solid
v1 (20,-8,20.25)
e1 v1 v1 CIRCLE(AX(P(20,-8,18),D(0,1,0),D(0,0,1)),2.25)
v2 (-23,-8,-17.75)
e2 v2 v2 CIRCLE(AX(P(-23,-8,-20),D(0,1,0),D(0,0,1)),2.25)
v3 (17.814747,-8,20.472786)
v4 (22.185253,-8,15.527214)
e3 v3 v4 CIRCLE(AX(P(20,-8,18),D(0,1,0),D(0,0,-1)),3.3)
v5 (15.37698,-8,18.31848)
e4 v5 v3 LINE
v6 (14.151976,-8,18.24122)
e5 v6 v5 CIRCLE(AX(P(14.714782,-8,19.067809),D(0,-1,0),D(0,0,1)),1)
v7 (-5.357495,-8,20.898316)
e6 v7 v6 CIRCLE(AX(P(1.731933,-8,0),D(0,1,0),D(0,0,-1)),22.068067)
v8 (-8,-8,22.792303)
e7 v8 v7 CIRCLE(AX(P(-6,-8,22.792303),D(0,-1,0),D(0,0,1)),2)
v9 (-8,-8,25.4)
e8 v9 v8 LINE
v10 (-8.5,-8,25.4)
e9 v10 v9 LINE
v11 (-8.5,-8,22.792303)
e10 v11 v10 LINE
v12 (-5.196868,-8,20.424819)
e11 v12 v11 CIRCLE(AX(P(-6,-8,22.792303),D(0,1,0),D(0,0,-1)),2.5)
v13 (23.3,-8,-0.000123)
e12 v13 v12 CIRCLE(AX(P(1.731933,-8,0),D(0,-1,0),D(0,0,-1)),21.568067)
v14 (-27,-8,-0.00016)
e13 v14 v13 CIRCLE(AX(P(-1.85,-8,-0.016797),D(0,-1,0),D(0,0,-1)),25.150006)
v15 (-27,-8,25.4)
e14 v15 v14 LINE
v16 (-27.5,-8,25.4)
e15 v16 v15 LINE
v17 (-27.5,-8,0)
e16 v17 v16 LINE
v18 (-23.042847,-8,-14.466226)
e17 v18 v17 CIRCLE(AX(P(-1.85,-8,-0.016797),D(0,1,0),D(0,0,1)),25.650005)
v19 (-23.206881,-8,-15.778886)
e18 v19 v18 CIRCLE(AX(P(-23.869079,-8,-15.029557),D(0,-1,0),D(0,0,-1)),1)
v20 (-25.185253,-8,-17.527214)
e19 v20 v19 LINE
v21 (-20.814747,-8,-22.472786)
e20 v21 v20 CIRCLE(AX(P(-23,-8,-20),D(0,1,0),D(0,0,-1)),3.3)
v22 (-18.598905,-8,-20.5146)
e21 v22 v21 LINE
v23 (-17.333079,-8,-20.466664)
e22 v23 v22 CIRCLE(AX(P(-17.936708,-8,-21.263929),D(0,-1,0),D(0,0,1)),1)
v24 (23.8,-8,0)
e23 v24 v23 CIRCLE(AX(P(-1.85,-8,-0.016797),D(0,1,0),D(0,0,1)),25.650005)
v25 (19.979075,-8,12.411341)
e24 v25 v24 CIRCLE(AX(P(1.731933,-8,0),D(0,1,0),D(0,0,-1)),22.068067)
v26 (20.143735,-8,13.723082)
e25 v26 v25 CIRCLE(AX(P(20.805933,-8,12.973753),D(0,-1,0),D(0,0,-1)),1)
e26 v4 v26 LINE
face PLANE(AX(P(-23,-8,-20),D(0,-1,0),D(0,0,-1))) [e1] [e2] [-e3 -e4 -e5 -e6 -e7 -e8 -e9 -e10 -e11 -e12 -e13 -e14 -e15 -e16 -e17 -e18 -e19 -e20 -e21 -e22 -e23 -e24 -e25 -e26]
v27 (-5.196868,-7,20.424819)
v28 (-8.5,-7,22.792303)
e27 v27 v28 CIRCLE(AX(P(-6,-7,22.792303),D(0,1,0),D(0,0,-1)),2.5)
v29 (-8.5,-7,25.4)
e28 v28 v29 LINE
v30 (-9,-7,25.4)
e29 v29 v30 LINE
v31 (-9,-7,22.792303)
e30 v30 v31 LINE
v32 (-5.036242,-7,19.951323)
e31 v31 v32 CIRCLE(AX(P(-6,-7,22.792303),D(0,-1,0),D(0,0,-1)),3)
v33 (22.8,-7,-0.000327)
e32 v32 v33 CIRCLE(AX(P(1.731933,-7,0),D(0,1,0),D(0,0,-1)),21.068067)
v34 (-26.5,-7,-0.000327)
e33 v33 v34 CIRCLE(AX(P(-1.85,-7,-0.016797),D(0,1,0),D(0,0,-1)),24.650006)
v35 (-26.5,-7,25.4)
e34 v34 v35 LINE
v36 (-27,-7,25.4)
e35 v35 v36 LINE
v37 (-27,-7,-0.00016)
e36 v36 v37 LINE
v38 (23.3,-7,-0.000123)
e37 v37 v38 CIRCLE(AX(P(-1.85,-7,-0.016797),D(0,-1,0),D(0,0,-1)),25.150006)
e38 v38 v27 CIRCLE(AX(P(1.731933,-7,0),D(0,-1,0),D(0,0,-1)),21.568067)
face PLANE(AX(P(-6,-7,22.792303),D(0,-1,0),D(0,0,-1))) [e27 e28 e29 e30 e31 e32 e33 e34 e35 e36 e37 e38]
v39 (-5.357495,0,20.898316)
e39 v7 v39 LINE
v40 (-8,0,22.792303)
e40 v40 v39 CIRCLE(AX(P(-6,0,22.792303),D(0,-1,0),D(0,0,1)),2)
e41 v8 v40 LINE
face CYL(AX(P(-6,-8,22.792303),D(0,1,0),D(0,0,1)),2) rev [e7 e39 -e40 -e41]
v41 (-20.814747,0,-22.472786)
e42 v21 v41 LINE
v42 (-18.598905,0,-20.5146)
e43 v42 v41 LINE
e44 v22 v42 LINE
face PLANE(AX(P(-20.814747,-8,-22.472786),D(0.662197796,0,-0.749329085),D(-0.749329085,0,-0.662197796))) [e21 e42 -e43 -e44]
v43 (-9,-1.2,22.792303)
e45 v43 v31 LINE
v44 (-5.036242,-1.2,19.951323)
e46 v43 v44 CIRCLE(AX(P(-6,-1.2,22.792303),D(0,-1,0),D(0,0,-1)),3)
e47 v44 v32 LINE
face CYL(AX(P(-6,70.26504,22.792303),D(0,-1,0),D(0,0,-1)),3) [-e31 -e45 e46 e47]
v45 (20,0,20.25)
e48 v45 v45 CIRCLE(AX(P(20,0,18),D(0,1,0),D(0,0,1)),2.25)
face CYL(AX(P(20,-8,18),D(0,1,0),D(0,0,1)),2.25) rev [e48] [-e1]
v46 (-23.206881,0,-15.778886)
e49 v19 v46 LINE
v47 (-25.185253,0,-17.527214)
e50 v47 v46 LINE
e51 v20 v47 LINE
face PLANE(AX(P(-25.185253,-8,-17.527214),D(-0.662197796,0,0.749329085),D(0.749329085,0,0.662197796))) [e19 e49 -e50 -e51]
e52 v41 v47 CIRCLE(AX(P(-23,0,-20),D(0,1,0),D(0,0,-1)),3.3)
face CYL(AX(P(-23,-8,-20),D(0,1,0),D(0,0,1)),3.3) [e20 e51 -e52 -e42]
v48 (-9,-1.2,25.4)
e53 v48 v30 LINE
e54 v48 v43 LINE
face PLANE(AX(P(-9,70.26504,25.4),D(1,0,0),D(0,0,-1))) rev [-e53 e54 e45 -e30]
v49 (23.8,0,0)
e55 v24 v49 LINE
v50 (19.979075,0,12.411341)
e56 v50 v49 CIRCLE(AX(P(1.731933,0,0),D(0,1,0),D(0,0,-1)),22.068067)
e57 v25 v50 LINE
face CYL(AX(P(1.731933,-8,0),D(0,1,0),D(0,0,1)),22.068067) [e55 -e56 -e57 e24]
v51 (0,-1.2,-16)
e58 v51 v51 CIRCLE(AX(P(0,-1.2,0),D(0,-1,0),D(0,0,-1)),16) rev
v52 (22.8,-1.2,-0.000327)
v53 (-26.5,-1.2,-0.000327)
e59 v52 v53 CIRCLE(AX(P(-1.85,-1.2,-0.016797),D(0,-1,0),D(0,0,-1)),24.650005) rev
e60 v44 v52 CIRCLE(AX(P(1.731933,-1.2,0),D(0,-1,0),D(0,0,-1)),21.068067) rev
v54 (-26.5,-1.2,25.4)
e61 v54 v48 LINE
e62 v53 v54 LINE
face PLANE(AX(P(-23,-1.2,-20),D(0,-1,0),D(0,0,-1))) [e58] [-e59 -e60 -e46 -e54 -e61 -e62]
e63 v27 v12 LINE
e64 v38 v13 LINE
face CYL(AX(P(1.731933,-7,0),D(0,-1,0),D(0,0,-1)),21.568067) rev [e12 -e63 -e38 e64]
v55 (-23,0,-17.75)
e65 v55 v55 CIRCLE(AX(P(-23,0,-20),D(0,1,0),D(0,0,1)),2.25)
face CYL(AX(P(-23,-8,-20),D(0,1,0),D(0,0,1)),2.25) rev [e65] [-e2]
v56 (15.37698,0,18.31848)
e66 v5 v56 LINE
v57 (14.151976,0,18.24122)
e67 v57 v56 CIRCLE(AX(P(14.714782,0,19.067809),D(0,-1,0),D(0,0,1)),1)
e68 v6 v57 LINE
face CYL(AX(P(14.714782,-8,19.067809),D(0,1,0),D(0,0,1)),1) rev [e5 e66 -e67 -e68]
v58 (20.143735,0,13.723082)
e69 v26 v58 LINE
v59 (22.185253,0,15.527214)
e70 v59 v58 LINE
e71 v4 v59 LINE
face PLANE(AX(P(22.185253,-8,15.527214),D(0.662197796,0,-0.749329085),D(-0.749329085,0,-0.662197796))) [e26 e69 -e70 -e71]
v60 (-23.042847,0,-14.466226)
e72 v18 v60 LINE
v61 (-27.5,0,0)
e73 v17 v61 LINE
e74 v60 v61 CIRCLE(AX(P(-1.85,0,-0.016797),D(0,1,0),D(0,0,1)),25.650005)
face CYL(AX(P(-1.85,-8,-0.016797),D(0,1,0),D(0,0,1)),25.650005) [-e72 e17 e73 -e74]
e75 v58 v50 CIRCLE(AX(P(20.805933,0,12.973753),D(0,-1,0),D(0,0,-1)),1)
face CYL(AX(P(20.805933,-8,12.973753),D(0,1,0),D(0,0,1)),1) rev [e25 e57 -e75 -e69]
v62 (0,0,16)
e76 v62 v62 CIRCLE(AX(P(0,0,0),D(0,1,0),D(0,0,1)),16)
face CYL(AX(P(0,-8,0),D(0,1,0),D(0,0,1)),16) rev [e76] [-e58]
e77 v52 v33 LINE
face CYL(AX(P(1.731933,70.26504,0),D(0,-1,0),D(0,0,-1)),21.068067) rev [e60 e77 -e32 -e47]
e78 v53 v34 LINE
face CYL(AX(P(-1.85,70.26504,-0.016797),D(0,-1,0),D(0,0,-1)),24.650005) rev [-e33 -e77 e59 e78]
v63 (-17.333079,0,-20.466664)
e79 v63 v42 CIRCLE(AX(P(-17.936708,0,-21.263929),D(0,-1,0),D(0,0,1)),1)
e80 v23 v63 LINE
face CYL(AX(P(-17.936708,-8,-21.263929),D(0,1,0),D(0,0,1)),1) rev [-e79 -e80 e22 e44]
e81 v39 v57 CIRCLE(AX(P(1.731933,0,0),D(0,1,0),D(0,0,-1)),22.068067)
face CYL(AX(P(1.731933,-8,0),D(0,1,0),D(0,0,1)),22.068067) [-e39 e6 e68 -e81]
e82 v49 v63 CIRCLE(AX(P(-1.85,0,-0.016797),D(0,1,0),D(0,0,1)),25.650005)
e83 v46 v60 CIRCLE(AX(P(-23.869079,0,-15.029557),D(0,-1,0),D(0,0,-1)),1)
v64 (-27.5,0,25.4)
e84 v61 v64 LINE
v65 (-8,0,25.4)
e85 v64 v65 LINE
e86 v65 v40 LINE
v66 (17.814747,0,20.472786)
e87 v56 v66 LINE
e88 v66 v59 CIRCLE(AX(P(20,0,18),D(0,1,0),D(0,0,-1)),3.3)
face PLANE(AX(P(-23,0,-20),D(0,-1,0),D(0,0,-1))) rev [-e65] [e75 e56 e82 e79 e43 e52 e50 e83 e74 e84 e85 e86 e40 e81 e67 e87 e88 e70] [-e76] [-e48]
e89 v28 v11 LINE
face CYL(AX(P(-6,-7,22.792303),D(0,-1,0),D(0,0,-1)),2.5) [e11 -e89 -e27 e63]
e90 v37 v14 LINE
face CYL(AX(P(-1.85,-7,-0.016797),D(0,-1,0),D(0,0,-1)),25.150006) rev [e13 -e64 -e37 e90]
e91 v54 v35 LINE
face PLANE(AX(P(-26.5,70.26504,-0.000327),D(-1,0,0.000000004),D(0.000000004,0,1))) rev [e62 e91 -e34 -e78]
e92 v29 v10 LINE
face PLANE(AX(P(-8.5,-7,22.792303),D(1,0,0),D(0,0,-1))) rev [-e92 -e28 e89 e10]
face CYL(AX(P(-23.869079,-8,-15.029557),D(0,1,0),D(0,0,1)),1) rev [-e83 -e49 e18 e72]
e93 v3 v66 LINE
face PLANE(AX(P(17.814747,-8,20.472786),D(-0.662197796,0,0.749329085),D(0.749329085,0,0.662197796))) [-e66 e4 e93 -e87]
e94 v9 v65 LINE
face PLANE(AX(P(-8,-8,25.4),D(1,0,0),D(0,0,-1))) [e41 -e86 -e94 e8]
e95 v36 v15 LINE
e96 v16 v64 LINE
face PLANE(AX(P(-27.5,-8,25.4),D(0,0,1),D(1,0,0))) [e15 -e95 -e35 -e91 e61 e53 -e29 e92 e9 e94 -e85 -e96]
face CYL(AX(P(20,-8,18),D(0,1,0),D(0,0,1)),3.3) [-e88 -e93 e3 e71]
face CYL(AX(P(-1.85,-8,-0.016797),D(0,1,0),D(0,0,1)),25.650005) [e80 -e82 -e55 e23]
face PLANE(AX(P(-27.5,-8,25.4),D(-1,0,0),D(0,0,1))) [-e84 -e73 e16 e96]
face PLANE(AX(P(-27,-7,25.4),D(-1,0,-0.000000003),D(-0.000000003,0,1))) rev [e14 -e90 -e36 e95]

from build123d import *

# Parameters (mm, degrees)
SKETCH_1_R          = 16
SKETCH_1_R_2        = 2.25
EXTRUDE_1_DEPTH     = 8
CUT_EXTRUDE_1_DEPTH = 6.8
CUT_EXTRUDE_8_DEPTH = 1


with BuildPart() as part:
    # Эскиз1 → Бобышка-Вытянуть1 (new body)
    with BuildSketch(Plane(origin=(0, 0, 0), x_dir=(1, 0, 0), z_dir=(0, 1, 0))):
        with BuildLine():
            Line((-27.5, -25.4), (-8, -25.4))
            Line((-8, -25.4), (-8, -22.792302991))
            ThreePointArc((-8, -22.792302991), (-7.16511566, -21.166724479), (-5.357494501, -20.89831601))
            ThreePointArc((-5.357494501, -20.89831601), (4.710003701, -21.866199594), (14.151976117, -18.241220202))
            ThreePointArc((14.151976117, -18.241220202), (14.777726241, -18.069792078), (15.376980036, -18.318480053))
            Line((15.376980036, -18.318480053), (17.814747272, -20.472785982))
            ThreePointArc((17.814747272, -20.472785982), (22.472785982, -20.185252728), (22.185252728, -15.527214018))
            Line((22.185252728, -15.527214018), (20.143734708, -13.723081814))
            ThreePointArc((20.143734708, -13.723081814), (19.813719174, -13.098302749), (19.979075206, -12.411340949))
            ThreePointArc((19.979075206, -12.411340949), (22.823148445, -6.493089604), (23.8, 0))
            ThreePointArc((23.8, 0), (9.576401492, 22.98111988), (-17.333078903, 20.466663618))
            ThreePointArc((-17.333078903, 20.466663618), (-17.974550182, 20.264645495), (-18.598905377, 20.514600122))
            Line((-18.598905377, 20.514600122), (-20.814747272, 22.472785982))
            ThreePointArc((-20.814747272, 22.472785982), (-25.472785982, 22.185252728), (-25.185252728, 17.527214018))
            Line((-25.185252728, 17.527214018), (-23.20688118, 15.778885673))
            ThreePointArc((-23.20688118, 15.778885673), (-22.876796583, 15.153555184), (-23.04284729, 14.466226133))
            ThreePointArc((-23.04284729, 14.466226133), (-26.362874376, 7.569397218), (-27.5, 0))
            Line((-27.5, 0), (-27.5, -25.4))
        make_face()
        with Locations(Location((0, 0, 0), (0, 0, 270))):
            Circle(SKETCH_1_R, mode=Mode.SUBTRACT)
        with Locations(Location((-23, 20, 0), (0, 0, 270))):
            Circle(SKETCH_1_R_2, mode=Mode.SUBTRACT)
        with Locations(Location((20, -18, 0), (0, 0, 270))):
            Circle(SKETCH_1_R_2, mode=Mode.SUBTRACT)
    extrude(amount=-EXTRUDE_1_DEPTH)

    # Эскиз2 → Вырез-Вытянуть1 (cut)
    with BuildSketch(Plane(origin=(0, -8, 0), x_dir=(-1, 0, 0), z_dir=(0, -1, 0))):
        with BuildLine():
            Line((9, -25.4), (9, -22.792302991))
            ThreePointArc((9, -22.792302991), (7.74767349, -20.353935223), (5.036241751, -19.95132252))
            ThreePointArc((5.036241751, -19.95132252), (-4.575054369, -20.875347093), (-13.589169994, -17.414631267))
            ThreePointArc((-13.589169994, -17.414631267), (-16.632858543, -14.893819788), (-19.152217909, -11.84892917))
            ThreePointArc((-19.152217909, -11.84892917), (-21.867461922, -6.198703298), (-22.799999997, 0.000326884))
            ThreePointArc((-22.799999997, 0.000326884), (-9.131074658, 22.085751778), (16.729450225, 19.669398029))
            ThreePointArc((16.729450225, 19.669398029), (19.707335368, 17.009099388), (22.216615604, 13.902895678))
            ThreePointArc((22.216615604, 13.902895678), (25.407255273, 7.274792502), (26.500000107, 0.000327424))
            Line((26.500000107, 0.000327424), (26.5, -25.4))
            Line((26.5, -25.4), (9, -25.4))
        make_face()
    extrude(amount=-CUT_EXTRUDE_1_DEPTH, mode=Mode.SUBTRACT)

    # Эскиз11 → Вырез-Вытянуть8 (cut)
    with BuildSketch(Plane.XZ.offset(8)):
        with BuildLine():
            Line((-9, 22.792302991), (-9, 25.4))
            Line((-9, 25.4), (-8.5, 25.4))
            Line((-8.5, 25.4), (-8.5, 22.792302991))
            ThreePointArc((-8.5, 22.792302991), (-7.456394575, 20.760329851), (-5.196868126, 20.424819265))
            ThreePointArc((-5.196868126, 20.424819265), (14.296629108, 17.530257554), (23.3, -0.000122775))
            ThreePointArc((23.3, -0.000122775), (-1.849981192, -25.16680236), (-26.999999983, -0.000160392))
            Line((-26.999999983, -0.000160392), (-27.000000053, 25.4))
            Line((-27.000000053, 25.4), (-26.500000054, 25.4))
            Line((-26.500000054, 25.4), (-26.500000053, -0.000327424))
            ThreePointArc((-26.500000053, -0.000327424), (-1.849999809, -24.666802429), (22.799999998, -0.000327043))
            ThreePointArc((22.799999998, -0.000327043), (14.005433206, 17.123803427), (-5.036241751, 19.95132252))
            ThreePointArc((-5.036241751, 19.95132252), (-7.74767349, 20.353935223), (-9, 22.792302991))
        make_face()
    extrude(amount=-CUT_EXTRUDE_8_DEPTH, mode=Mode.SUBTRACT)


solid = part.part
